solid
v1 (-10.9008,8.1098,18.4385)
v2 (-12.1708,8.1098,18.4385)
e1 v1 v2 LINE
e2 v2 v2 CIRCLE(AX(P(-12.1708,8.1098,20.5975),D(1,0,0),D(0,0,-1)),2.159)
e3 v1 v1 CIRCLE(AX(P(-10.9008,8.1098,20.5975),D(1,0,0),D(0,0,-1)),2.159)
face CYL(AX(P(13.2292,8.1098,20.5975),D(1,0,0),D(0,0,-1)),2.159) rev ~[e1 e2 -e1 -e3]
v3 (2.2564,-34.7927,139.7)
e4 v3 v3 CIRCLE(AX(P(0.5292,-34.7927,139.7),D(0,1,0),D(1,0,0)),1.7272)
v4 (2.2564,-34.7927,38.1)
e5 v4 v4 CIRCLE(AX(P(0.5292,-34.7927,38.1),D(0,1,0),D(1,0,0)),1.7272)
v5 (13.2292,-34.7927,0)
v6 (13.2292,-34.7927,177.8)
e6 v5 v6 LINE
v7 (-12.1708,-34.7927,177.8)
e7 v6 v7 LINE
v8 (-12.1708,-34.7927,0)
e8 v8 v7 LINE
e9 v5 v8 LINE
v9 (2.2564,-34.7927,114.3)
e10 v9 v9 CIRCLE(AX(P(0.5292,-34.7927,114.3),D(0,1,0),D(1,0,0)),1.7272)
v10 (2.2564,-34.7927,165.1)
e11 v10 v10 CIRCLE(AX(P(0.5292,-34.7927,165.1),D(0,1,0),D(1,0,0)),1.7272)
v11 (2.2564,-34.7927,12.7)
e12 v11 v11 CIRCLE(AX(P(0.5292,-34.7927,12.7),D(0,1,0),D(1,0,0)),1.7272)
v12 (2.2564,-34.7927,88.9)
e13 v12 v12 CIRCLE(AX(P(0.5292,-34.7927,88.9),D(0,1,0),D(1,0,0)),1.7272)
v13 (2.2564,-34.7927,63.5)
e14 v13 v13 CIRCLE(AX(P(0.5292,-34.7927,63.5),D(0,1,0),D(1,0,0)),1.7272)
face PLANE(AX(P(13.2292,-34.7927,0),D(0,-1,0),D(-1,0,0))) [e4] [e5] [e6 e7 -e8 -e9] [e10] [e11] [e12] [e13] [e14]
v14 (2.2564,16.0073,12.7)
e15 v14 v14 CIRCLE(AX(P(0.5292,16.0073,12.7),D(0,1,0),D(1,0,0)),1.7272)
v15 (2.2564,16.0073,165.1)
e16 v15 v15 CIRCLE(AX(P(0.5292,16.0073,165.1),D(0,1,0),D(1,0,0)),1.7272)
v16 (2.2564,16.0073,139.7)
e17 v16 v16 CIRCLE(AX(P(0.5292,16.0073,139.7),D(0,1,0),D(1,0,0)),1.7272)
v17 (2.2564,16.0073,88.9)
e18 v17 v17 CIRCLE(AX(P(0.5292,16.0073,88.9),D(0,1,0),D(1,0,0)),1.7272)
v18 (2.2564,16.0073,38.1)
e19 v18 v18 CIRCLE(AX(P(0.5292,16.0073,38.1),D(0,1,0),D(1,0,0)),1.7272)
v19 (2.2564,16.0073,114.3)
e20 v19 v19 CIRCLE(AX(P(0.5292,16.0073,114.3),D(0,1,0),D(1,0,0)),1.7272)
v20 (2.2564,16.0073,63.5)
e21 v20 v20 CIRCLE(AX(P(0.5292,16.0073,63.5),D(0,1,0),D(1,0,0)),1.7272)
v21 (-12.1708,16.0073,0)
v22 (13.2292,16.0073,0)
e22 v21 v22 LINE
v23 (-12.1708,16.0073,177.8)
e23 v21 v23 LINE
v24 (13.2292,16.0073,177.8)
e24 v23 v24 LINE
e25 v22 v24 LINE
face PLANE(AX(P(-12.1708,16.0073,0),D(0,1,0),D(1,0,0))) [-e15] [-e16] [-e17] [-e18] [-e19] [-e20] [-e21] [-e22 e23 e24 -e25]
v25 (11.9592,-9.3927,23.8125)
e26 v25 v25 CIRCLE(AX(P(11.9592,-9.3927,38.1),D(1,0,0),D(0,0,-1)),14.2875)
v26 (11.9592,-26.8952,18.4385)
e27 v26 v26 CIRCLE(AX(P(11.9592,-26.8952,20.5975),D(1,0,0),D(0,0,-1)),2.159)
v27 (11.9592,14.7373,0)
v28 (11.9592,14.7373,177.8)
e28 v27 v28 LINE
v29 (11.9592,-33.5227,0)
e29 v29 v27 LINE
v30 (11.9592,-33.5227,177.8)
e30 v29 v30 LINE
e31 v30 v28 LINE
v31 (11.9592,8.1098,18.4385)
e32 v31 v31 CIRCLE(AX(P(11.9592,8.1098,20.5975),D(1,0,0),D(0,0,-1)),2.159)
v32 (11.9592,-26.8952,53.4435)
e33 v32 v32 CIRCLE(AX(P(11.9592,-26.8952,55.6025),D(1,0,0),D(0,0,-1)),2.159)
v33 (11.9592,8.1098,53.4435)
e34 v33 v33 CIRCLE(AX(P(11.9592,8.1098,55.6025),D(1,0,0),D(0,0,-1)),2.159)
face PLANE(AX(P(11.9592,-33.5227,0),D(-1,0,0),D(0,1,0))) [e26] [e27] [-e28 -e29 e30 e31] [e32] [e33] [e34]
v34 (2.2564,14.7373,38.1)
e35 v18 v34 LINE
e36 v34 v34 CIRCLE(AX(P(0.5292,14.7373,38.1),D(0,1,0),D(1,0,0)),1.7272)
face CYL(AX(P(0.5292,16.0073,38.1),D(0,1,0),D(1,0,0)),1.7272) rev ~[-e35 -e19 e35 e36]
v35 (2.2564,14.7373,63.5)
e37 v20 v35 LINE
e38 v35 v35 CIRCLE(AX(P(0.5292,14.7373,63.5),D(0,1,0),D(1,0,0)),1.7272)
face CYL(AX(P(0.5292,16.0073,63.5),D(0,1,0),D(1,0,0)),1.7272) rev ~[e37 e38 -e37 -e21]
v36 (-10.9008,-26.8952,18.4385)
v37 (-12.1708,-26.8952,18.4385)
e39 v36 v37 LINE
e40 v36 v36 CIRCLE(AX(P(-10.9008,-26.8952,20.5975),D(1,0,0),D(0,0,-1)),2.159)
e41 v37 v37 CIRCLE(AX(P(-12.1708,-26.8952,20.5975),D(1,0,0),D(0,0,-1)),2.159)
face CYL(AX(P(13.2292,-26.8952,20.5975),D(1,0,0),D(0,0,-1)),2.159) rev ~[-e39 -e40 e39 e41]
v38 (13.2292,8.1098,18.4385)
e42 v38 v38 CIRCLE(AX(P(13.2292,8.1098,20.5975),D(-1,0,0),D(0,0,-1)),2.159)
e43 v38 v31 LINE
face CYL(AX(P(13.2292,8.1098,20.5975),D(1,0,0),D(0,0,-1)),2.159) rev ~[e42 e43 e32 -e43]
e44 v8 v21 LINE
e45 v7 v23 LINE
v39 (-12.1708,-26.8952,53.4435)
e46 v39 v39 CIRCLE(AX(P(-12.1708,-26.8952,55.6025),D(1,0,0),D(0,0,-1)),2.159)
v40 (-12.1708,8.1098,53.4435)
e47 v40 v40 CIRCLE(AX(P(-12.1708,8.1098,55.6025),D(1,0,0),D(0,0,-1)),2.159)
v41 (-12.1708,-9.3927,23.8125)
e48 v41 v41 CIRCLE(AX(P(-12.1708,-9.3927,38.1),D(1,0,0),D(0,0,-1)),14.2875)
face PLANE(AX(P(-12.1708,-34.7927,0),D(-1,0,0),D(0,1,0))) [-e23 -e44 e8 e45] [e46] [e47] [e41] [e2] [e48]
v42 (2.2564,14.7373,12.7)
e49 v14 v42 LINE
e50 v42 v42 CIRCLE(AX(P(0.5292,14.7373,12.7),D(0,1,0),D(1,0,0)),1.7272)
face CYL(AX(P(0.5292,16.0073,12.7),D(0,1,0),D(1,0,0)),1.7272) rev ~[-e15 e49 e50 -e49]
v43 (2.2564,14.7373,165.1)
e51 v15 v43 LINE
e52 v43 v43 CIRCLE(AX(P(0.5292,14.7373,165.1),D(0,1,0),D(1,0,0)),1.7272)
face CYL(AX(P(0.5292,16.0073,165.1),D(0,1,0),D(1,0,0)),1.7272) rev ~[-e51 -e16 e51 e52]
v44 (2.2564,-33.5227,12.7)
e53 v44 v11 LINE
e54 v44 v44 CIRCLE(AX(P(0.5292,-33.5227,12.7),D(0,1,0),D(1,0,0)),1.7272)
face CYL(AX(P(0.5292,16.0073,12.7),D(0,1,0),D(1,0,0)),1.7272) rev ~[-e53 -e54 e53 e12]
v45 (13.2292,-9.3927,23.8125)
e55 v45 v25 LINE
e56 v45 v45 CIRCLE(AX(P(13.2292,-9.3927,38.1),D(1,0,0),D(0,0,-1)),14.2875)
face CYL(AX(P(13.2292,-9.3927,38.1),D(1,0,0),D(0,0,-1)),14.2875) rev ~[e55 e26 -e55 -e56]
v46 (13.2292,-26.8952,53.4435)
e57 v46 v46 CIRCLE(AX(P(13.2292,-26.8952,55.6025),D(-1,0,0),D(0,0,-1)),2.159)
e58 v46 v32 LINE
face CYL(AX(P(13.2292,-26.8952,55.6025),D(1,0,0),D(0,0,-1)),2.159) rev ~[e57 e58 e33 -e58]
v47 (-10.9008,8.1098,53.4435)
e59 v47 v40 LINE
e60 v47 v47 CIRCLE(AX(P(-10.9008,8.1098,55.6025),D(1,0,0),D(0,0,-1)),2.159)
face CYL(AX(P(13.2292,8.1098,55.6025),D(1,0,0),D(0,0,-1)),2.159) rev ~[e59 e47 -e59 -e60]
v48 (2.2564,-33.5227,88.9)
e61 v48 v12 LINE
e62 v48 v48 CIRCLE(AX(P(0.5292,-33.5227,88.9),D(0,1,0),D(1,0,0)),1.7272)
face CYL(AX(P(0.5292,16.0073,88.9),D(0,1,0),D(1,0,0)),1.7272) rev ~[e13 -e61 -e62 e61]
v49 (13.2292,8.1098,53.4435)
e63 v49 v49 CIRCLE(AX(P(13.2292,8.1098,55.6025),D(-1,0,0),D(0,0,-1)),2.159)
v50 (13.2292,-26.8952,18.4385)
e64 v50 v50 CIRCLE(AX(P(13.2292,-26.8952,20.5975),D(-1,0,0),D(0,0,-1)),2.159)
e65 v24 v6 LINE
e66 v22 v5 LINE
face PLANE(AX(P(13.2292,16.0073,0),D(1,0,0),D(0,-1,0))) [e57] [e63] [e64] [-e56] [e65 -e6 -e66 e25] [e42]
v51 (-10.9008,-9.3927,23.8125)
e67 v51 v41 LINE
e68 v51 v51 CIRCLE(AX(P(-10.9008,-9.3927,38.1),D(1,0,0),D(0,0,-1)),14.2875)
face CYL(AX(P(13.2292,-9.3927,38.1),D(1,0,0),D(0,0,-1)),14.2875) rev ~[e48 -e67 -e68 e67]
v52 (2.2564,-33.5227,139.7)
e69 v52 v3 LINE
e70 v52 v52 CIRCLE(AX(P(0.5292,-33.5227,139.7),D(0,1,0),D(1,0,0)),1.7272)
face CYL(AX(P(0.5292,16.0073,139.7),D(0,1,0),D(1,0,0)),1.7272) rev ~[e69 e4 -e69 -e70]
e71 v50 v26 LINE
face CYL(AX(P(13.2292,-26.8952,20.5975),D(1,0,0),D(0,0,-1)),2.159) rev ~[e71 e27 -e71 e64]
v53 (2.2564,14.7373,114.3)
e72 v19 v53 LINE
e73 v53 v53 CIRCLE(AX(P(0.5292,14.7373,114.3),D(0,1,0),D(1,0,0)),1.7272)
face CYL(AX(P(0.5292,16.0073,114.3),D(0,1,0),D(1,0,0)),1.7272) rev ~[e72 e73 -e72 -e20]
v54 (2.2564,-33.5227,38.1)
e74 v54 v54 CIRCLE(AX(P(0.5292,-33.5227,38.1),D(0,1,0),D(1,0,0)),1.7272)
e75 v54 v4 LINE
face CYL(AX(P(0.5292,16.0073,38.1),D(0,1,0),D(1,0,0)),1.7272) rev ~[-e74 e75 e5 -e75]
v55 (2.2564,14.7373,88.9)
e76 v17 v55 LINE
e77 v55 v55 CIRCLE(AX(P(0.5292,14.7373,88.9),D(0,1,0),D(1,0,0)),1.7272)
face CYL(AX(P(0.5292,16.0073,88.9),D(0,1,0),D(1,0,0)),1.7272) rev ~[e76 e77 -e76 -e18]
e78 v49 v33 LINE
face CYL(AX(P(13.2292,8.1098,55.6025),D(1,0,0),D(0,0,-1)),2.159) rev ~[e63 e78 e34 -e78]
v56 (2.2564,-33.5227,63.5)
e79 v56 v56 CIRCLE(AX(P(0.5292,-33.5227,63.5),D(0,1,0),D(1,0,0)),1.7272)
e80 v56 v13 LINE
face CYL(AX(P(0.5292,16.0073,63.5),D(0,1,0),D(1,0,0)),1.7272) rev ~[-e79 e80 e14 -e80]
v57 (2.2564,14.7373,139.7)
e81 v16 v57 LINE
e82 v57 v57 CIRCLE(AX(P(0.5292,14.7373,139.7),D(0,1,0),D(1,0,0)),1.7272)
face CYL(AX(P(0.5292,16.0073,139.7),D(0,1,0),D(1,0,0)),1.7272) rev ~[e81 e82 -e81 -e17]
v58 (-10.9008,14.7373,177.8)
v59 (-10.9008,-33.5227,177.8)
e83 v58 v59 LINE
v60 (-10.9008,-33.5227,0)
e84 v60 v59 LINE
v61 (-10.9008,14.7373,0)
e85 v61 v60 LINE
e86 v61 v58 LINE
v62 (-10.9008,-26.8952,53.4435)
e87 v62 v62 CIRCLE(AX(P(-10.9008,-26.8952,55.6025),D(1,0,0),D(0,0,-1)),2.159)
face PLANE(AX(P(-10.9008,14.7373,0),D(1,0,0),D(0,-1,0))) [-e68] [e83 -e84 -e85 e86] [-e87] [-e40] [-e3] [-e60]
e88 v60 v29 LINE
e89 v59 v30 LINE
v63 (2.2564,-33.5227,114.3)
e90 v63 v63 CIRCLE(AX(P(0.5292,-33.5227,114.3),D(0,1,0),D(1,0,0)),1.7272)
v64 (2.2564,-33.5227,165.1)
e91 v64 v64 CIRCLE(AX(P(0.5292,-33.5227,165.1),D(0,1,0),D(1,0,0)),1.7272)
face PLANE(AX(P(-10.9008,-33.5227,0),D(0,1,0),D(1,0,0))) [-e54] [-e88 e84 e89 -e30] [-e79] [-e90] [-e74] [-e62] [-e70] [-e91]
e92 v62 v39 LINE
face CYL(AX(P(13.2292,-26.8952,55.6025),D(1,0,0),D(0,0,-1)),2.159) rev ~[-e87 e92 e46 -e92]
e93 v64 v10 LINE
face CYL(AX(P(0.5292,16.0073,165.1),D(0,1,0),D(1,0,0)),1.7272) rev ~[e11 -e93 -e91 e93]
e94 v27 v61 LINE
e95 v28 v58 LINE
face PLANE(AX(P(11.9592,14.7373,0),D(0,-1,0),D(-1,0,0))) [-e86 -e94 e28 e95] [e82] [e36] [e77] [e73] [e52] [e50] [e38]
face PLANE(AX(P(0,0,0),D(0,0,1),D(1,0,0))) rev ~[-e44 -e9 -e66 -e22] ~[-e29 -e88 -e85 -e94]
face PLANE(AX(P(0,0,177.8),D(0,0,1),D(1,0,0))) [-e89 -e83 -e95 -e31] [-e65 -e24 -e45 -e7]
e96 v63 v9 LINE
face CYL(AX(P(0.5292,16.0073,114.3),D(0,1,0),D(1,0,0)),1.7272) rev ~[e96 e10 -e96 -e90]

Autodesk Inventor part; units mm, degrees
ref_plane "YZ Plane" through (0, 0, 0) normal (1, 0, 0) x (0, 1, 0)
ref_plane "XZ Plane" through (0, 0, 0) normal (0, 1, 0) x (-1, 0, 0)
ref_plane "XY Plane" through (0, 0, 0) normal (0, 0, 1) x (1, 0, 0)
sketch "Sketch1" plane through (0, 0, 0) normal (0, 0, 1) x (1, 0, 0)
  line L0 (-12.1708, 16.0073) -> (13.2292, 16.0073)
  line L1 (13.2292, 16.0073) -> (13.2292, -34.7927)
  line L2 (13.2292, -34.7927) -> (-12.1708, -34.7927)
  line L3 (-12.1708, -34.7927) -> (-12.1708, 16.0073)
  line L4 (11.9592, 14.7373) -> (-10.9008, 14.7373)
  line L5 (-10.9008, 14.7373) -> (-10.9008, -33.5227)
  line L6 (-10.9008, -33.5227) -> (11.9592, -33.5227)
  line L7 (11.9592, -33.5227) -> (11.9592, 14.7373)
  point P0 (0, 0)
  dimension "d0" = 25.4
  dimension "d1" = 50.8
  dimension "d2" = 1.27
extrude "Extrusion1" add sketch "Sketch1" along normal blind 177.8
sketch "Sketch2" plane through (-12.1708, 16.0073, 0) normal (0, 1, 0) x (1, 0, 0)
  circle A0 centre (12.7, -12.7) radius 1.7272
  line L0 (25.4, 0) -> (0, 0) projected
  line L1 (0, 0) -> (0, -177.8) projected
  point P0 (12.1708, 0)
  dimension "d5" = 3.4544
  dimension "d6" = 12.7
  dimension "d7" = 12.7
extrude "Extrusion2" cut sketch "Sketch2" against normal through all
pattern_linear "Rectangular Pattern1" count 18 spacing 25.4 along (0, 0, 1) of "Extrusion2"
sketch "Sketch3" plane through (13.2292, -34.7927, 0) normal (1, 0, 0) x (0, 0, -1)
  circle A0 centre (-38.1, 25.4) radius 14.2875
  line L0 (0, 0) -> (-177.8, 0) projected
  line L1 (0, 0) -> (0, 50.8) projected
  circle A1 centre (-38.1, 25.4) radius 24.7523
  line L2 (-20.5975, 42.9025) -> (-55.6025, 42.9025)
  line L3 (-55.6025, 42.9025) -> (-55.6025, 7.8975)
  line L4 (-55.6025, 7.8975) -> (-20.5975, 7.8975)
  line L5 (-20.5975, 7.8975) -> (-20.5975, 42.9025)
  circle A2 centre (-20.5975, 42.9025) radius 2.159
  circle A3 centre (-20.5975, 7.8975) radius 2.159
  circle A4 centre (-55.6025, 7.8975) radius 2.159
  circle A5 centre (-55.6025, 42.9025) radius 2.159
  point P0 (0, 34.7927)
  point P1 (0, 25.4)
  dimension "d15" = 28.575
  dimension "d16" = 25.4
  dimension "d17" = 38.1
  dimension "d20" = 49.5046
  dimension "d22" = 4.318
  dimension "d23" = 4.318
  dimension "d24" = 4.318
  dimension "d25" = 4.318
extrude "Extrusion3" cut sketch "Sketch3" against normal blind 25.4 contours A0 | A2 L5 A1 | A1 A2 | A3 A1 | A1 L5 A3 | L2 A2 A1 | L5 A2 L2 | A1 A3 L4 | L4 A3 L5 | A5 L2 A1 | A1 A5 | A5 L3 L2 | A4 A1 | A1 L4 A4 | L4 L3 A4 | L3 A5 A1 | A1 A4 L3
equation "\"d3\" = d13"
equation "\"d23\" = d22"
equation "\"d24\" = d22"
equation "\"d25\" = d22"
equation "\"d10\" = d14"
equation "\"d13\" = 177.8"
equation "\"d14\" = d13"
properties part number "VersaFrame (Jumper Bar)"
